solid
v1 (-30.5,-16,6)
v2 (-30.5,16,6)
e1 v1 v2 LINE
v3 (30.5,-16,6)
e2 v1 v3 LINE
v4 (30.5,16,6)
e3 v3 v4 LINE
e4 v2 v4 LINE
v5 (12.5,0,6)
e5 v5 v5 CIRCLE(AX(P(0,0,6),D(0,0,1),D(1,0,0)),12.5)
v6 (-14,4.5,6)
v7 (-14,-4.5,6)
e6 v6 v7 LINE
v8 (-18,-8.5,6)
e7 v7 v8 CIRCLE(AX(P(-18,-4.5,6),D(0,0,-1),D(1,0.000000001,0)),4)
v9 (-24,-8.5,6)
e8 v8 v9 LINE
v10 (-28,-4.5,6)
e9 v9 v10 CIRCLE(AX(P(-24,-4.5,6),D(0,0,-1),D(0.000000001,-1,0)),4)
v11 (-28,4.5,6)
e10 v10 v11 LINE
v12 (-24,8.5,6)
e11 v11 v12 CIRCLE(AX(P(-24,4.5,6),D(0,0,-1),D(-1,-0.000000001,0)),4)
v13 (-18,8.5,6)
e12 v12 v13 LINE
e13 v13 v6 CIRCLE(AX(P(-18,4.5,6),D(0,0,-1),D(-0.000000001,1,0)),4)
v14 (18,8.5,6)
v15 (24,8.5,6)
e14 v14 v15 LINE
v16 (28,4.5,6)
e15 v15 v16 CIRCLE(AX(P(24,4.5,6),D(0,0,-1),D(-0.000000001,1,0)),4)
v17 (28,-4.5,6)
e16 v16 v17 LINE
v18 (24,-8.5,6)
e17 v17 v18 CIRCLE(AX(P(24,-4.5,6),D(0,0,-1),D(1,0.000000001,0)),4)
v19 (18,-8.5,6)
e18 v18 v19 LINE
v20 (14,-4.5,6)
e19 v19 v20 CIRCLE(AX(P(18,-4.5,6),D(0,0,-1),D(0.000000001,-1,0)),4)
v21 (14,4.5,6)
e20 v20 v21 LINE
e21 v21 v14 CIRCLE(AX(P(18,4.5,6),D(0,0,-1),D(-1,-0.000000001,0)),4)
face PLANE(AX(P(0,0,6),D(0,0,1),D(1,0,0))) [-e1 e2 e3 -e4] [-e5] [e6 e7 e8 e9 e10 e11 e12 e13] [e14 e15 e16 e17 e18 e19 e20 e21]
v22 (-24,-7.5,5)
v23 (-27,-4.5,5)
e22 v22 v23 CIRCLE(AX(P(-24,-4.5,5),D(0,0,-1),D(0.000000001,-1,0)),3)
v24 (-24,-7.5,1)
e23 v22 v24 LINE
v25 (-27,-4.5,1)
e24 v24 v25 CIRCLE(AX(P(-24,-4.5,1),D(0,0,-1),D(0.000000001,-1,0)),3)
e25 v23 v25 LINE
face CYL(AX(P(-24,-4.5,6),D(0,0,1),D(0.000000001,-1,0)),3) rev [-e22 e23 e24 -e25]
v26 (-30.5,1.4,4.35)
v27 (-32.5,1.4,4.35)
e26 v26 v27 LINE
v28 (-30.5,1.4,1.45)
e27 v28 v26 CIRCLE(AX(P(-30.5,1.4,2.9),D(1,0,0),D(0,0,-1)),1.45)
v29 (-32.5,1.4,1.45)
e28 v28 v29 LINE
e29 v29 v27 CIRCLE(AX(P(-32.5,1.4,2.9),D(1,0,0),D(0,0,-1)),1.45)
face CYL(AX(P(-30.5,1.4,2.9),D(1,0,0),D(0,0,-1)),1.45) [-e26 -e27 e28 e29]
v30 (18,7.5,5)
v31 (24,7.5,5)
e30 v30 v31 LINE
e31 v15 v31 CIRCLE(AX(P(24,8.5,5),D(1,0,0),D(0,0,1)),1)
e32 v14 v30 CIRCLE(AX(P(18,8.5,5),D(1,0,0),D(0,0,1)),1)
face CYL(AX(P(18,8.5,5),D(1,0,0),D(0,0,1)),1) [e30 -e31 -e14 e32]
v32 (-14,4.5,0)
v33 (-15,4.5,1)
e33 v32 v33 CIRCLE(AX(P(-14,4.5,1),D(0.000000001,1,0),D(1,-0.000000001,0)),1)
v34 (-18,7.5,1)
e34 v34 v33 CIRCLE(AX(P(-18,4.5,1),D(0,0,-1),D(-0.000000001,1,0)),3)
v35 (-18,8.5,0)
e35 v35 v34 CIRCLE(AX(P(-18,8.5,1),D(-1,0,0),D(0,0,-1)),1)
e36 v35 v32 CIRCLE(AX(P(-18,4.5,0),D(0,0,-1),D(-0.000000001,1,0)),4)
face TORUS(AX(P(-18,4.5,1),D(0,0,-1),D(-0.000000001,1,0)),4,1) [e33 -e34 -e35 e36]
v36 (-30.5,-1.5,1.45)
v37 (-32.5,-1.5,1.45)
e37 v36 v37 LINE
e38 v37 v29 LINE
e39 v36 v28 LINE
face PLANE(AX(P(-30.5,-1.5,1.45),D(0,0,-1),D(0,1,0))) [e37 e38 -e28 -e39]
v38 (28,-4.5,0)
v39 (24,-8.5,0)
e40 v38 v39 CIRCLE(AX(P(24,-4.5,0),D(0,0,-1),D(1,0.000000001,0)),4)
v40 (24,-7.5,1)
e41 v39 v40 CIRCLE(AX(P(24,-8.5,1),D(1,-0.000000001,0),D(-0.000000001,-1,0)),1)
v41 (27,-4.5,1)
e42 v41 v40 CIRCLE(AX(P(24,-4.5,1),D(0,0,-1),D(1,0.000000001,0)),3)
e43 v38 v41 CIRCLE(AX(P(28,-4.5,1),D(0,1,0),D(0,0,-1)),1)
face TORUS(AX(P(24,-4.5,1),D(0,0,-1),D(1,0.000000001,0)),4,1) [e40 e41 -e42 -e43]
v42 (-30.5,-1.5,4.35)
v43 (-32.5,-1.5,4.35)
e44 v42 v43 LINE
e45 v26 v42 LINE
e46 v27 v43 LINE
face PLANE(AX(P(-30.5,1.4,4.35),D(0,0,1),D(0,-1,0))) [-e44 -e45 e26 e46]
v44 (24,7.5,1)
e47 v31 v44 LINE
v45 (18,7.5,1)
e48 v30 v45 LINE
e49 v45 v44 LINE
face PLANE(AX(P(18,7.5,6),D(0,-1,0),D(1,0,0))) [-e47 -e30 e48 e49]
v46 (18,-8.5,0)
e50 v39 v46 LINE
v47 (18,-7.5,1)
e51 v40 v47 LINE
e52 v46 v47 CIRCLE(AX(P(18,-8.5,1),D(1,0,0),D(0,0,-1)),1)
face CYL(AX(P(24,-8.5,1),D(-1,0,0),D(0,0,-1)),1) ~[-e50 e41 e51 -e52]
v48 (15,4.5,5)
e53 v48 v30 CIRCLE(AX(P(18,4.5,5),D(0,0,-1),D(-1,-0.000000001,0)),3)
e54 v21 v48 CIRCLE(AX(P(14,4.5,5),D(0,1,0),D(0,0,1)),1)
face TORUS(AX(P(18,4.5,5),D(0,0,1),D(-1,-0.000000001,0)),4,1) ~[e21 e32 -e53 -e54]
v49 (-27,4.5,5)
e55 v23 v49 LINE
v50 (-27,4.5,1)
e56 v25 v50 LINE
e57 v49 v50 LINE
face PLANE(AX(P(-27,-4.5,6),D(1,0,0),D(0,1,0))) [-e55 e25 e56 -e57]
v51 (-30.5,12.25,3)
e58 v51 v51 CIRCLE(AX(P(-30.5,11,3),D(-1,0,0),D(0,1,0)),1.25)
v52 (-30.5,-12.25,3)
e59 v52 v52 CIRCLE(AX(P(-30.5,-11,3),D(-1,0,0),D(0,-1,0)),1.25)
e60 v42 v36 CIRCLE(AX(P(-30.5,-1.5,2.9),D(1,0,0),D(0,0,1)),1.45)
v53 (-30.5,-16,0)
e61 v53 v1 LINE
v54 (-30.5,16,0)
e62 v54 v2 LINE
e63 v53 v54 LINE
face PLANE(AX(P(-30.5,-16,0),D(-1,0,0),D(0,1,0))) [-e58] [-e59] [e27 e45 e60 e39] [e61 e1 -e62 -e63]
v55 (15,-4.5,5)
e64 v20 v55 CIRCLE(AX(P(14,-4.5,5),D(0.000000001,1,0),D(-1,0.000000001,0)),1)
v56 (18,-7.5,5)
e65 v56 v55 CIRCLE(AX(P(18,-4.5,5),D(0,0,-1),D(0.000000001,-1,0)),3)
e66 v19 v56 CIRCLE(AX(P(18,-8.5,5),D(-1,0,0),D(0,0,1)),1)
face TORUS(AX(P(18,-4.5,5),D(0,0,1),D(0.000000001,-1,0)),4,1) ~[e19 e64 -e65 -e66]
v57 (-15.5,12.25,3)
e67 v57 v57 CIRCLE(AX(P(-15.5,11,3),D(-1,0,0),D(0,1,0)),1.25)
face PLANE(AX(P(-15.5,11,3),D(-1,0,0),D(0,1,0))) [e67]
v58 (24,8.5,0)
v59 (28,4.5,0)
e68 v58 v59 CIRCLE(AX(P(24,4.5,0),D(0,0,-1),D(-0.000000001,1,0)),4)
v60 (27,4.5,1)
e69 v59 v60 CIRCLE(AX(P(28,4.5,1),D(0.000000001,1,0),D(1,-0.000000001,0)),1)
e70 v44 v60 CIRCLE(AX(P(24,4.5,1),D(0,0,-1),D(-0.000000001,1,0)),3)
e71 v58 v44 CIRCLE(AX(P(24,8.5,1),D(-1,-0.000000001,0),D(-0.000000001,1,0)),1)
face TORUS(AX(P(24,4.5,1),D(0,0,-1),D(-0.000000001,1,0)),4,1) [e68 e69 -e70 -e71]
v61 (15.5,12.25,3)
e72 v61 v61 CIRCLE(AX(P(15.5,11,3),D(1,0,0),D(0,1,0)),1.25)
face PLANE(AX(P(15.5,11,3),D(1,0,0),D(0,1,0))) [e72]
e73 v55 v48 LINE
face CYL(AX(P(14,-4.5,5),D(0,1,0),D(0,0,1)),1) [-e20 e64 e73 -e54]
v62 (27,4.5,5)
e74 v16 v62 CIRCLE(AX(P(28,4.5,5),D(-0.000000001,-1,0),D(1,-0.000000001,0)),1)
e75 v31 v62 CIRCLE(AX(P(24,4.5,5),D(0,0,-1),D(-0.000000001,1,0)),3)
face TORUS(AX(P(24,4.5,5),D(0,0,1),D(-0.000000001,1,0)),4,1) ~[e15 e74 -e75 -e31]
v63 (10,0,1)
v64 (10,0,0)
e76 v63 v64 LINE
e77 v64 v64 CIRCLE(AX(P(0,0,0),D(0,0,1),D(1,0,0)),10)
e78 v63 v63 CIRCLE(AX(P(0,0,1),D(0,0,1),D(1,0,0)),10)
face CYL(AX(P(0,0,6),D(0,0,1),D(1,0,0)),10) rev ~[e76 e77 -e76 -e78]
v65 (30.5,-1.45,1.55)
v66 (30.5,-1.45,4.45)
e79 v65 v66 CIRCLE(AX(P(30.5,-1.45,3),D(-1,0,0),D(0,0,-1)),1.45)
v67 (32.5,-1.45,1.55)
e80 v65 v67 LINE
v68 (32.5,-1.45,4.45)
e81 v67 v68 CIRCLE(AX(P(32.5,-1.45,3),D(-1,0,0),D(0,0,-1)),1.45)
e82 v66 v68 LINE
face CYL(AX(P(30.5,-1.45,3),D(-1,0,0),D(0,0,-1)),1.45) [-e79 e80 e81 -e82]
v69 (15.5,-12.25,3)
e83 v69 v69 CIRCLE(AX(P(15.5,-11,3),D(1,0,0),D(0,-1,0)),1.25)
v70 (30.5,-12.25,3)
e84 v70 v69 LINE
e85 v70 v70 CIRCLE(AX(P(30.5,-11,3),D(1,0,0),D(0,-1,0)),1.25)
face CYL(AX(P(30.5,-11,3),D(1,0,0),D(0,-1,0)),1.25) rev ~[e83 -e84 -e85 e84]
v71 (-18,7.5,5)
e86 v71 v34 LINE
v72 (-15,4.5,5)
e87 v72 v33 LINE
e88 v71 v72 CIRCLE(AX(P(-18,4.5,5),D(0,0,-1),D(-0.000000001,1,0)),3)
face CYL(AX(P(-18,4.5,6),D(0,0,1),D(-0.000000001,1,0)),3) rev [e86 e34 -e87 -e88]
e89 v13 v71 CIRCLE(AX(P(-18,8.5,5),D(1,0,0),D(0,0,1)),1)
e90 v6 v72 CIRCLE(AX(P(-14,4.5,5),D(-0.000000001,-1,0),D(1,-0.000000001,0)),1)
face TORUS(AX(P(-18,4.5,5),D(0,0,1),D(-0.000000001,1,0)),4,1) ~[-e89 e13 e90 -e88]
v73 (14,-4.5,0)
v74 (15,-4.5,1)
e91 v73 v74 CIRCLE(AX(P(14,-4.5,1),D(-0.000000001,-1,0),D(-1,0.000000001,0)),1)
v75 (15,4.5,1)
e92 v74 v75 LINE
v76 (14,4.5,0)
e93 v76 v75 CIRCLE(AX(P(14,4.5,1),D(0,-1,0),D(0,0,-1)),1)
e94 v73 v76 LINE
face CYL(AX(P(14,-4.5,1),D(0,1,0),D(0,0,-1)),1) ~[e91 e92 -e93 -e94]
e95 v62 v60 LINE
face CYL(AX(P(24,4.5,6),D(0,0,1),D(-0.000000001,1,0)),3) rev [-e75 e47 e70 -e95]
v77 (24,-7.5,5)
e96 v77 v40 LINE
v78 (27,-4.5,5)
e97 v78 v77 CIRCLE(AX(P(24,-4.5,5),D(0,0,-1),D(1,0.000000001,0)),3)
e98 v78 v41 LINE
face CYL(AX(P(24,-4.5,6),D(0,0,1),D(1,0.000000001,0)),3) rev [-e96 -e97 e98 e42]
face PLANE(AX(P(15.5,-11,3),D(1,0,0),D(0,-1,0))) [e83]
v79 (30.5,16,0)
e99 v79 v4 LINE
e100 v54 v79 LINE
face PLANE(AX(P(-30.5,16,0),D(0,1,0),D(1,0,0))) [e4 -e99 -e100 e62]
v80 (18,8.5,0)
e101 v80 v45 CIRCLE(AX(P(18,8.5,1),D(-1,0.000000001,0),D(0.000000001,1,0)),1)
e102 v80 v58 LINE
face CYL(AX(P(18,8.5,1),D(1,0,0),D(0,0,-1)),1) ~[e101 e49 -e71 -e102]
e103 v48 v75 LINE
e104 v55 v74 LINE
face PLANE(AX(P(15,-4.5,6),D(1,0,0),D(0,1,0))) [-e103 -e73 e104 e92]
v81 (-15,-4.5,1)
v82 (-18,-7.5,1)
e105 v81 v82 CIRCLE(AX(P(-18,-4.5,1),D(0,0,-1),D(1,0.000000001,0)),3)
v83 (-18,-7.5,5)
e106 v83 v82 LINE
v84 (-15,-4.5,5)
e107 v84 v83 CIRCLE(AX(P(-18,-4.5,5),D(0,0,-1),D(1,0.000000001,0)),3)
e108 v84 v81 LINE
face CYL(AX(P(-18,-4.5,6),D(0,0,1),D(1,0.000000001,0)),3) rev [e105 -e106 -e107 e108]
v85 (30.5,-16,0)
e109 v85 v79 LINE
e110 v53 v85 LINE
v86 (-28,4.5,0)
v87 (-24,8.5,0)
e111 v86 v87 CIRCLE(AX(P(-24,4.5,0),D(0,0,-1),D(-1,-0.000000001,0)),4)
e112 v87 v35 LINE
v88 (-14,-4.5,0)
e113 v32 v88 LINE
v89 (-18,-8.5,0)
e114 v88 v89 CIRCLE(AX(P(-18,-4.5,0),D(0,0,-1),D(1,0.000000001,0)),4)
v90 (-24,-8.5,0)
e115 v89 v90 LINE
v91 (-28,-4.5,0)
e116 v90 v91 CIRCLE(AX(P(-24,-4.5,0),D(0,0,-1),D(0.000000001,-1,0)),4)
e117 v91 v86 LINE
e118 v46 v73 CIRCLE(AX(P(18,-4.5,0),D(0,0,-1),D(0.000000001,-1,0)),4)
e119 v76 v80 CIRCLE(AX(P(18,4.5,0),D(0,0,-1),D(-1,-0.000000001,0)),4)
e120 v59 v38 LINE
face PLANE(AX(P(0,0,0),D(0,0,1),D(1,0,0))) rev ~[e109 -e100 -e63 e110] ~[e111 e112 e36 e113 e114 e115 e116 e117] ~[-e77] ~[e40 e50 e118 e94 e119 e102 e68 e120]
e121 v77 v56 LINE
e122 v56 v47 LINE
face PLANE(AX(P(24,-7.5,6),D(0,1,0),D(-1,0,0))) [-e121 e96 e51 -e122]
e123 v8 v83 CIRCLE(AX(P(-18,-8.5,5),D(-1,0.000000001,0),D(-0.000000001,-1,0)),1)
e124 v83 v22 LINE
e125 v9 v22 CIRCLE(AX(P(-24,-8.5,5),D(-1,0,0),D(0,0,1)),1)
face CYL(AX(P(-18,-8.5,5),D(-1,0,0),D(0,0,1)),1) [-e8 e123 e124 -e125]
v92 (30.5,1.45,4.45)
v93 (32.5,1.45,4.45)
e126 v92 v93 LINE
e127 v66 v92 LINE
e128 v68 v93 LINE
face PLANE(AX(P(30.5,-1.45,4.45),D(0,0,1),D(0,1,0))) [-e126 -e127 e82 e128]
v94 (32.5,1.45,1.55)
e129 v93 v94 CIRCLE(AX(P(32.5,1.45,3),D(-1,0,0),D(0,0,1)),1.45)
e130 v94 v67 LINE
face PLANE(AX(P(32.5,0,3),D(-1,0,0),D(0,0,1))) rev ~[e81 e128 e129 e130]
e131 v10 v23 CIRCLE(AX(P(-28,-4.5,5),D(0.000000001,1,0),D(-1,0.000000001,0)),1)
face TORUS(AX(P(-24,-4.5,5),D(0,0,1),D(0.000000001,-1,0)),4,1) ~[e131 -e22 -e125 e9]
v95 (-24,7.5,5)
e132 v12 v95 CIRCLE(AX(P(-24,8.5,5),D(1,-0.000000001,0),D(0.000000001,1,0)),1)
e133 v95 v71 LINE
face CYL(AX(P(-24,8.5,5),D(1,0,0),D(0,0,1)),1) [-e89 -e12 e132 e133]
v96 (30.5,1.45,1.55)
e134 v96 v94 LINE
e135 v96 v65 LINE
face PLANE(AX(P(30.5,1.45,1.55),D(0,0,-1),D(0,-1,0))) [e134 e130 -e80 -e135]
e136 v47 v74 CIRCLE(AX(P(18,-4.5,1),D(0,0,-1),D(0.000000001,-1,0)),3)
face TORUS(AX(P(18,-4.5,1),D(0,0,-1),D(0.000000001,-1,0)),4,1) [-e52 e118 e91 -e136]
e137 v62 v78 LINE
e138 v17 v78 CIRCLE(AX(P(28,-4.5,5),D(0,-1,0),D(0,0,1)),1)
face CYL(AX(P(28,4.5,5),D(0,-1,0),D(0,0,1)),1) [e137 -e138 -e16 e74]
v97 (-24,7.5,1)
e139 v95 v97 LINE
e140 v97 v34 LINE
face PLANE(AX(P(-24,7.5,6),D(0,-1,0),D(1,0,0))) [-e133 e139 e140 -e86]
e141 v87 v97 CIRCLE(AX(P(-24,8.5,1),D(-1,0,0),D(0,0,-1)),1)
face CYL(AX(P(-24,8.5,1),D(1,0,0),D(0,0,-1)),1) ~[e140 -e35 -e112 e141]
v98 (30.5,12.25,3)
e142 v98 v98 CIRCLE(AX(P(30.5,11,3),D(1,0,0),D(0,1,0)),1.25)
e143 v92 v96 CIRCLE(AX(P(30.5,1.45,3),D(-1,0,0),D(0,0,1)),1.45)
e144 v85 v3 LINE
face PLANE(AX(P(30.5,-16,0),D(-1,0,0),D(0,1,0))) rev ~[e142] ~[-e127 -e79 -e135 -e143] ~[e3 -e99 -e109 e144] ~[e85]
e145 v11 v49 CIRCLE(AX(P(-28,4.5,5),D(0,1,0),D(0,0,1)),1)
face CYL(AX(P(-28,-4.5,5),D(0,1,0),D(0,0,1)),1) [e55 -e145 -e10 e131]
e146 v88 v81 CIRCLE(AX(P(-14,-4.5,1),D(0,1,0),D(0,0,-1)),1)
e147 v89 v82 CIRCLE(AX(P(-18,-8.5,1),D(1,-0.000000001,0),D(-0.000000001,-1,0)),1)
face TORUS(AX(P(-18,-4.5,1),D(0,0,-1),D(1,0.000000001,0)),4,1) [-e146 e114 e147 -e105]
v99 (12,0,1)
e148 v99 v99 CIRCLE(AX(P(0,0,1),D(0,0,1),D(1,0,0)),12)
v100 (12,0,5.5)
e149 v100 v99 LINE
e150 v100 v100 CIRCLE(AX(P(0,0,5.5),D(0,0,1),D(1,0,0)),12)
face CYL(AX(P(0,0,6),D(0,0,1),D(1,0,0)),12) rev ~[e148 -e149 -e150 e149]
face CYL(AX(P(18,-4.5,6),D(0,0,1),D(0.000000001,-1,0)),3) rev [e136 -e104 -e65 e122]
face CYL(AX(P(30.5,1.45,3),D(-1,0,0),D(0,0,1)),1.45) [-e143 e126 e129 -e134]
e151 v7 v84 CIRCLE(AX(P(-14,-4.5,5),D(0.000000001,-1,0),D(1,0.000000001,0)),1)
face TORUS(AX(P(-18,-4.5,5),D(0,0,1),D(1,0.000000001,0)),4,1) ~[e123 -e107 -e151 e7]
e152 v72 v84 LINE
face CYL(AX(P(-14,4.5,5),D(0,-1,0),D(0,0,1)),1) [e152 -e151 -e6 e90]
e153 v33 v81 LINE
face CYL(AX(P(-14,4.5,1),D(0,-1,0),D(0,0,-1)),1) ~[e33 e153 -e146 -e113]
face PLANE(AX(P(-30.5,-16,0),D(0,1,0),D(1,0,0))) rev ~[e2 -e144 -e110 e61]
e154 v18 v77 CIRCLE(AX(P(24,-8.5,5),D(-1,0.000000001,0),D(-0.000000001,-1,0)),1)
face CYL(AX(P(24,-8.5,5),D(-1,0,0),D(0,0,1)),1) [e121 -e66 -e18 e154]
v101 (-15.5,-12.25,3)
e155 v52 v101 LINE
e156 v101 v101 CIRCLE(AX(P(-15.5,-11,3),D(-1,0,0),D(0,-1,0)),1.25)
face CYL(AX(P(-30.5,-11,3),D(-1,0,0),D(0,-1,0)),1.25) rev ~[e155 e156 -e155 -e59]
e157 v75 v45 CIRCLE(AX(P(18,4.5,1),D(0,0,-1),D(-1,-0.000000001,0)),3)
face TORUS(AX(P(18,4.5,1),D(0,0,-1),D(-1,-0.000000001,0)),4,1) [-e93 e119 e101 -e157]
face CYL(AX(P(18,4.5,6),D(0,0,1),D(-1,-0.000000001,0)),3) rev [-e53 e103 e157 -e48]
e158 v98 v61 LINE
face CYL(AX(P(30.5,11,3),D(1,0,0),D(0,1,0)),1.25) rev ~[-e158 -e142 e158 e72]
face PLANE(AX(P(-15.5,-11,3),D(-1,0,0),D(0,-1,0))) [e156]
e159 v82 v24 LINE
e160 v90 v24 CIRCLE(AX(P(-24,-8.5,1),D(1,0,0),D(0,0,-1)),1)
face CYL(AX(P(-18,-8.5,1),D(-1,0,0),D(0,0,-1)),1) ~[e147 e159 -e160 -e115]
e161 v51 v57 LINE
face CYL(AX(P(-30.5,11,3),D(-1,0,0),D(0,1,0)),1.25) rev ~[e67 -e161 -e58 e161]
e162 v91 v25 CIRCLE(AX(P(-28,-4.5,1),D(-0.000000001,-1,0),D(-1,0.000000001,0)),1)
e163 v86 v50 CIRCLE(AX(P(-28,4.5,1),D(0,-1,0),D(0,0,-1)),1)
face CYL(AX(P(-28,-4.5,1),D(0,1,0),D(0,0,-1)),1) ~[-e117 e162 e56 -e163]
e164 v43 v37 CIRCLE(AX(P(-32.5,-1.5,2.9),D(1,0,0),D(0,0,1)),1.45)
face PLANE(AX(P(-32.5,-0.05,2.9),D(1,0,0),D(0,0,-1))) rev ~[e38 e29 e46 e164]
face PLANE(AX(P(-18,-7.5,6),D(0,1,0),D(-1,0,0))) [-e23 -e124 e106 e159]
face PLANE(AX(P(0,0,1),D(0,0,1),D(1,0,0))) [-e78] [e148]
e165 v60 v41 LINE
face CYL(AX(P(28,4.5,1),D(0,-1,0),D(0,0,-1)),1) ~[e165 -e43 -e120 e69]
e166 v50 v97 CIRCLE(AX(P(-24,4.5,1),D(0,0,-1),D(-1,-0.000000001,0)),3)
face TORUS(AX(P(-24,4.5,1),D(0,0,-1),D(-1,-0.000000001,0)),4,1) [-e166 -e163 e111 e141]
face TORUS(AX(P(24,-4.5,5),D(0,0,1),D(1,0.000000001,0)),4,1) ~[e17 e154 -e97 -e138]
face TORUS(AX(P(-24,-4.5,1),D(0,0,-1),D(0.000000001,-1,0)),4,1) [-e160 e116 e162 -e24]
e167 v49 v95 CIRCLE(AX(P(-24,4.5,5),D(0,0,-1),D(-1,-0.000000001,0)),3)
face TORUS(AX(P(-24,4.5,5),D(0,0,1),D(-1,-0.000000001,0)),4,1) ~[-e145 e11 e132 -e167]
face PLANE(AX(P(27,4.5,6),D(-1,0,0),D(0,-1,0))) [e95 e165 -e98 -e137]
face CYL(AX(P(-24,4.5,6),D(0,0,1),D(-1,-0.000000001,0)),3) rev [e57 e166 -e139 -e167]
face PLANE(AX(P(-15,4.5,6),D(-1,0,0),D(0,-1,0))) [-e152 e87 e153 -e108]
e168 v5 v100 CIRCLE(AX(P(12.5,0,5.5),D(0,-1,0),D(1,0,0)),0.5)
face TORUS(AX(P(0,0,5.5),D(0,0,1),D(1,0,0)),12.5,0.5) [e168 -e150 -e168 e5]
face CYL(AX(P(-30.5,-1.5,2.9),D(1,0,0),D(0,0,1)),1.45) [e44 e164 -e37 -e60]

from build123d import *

# Parameters (mm, degrees)
SKETCH_1_W           = 61
SKETCH_1_H           = 32
EXTRUDE_1_DEPTH      = 6
SKETCH_2_R           = 10
CUT_EXTRUDE_13_DEPTH = 6
SKETCH_4_R           = 12
CUT_EXTRUDE_14_DEPTH = 5
CUT_EXTRUDE_16_DEPTH = 6
EXTRUDE_12_DEPTH     = 2
EXTRUDE_13_DEPTH     = 2
SKETCH_10_R          = 1.25
CUT_EXTRUDE_18_DEPTH = 15
SKETCH_11_R          = 1.25
CUT_EXTRUDE_19_DEPTH = 15
FILLET_1_R           = 1
FILLET_2_R           = 0.5


with BuildPart() as part:
    # Эскиз1 → Бобышка-Вытянуть1 (new body)
    with BuildSketch(Plane.XY):
        Rectangle(SKETCH_1_W, SKETCH_1_H)
    extrude(amount=EXTRUDE_1_DEPTH)

    # Эскиз2 → Вырез-Вытянуть13 (cut)
    with BuildSketch(Plane.XY.offset(6)):
        Circle(SKETCH_2_R)
    extrude(amount=-CUT_EXTRUDE_13_DEPTH, mode=Mode.SUBTRACT)

    # Эскиз4 → Вырез-Вытянуть14 (cut)
    with BuildSketch(Plane.XY.offset(6)):
        Circle(SKETCH_4_R)
    extrude(amount=-CUT_EXTRUDE_14_DEPTH, mode=Mode.SUBTRACT)

    # Эскиз5 → Вырез-Вытянуть16 (cut)
    with BuildSketch(Plane.XY.offset(6)):
        with BuildLine():
            Line((-18, -7.5), (-24, -7.5))
            ThreePointArc((-24, -7.5), (-26.121320344, -6.621320344), (-27, -4.5))
            Line((-27, -4.5), (-27, 4.5))
            ThreePointArc((-27, 4.5), (-26.121320344, 6.621320344), (-24, 7.5))
            Line((-24, 7.5), (-18, 7.5))
            ThreePointArc((-18, 7.5), (-15.878679656, 6.621320344), (-15, 4.5))
            Line((-15, 4.5), (-15, -4.5))
            ThreePointArc((-15, -4.5), (-15.878679656, -6.621320344), (-18, -7.5))
        make_face()
        with BuildLine():
            Line((18, 7.5), (24, 7.5))
            ThreePointArc((24, 7.5), (26.121320344, 6.621320344), (27, 4.5))
            Line((27, 4.5), (27, -4.5))
            ThreePointArc((27, -4.5), (26.121320344, -6.621320344), (24, -7.5))
            Line((24, -7.5), (18, -7.5))
            ThreePointArc((18, -7.5), (15.878679656, -6.621320344), (15, -4.5))
            Line((15, -4.5), (15, 4.5))
            ThreePointArc((15, 4.5), (15.878679656, 6.621320344), (18, 7.5))
        make_face()
    extrude(amount=-CUT_EXTRUDE_16_DEPTH, mode=Mode.SUBTRACT)

    # Эскиз8 → Бобышка-Вытянуть12 (add)
    with BuildSketch(Plane.ZY.offset(30.5)):
        with BuildLine():
            Line((1.45, -1.5), (1.45, 1.4))
            ThreePointArc((1.45, 1.4), (2.9, 2.85), (4.35, 1.4))
            Line((4.35, 1.4), (4.35, -1.5))
            ThreePointArc((4.35, -1.5), (2.9, -2.95), (1.45, -1.5))
        make_face()
    extrude(amount=EXTRUDE_12_DEPTH)

    # Эскиз9 → Бобышка-Вытянуть13 (add)
    with BuildSketch(Plane(origin=(30.5, 0, 0), x_dir=(0, 0, -1), z_dir=(1, 0, 0))):
        with BuildLine():
            Line((-1.55, 1.45), (-1.55, -1.45))
            ThreePointArc((-1.55, -1.45), (-3, -2.9), (-4.45, -1.45))
            Line((-4.45, -1.45), (-4.45, 1.45))
            ThreePointArc((-4.45, 1.45), (-3, 2.9), (-1.55, 1.45))
        make_face()
    extrude(amount=EXTRUDE_13_DEPTH)

    # Эскиз10 → Вырез-Вытянуть18 (cut)
    with BuildSketch(Plane.ZY.offset(30.5)):
        with Locations(Location((3, 11, 0), (0, 0, 90))):  # turned: the seam where the file's is
            Circle(SKETCH_10_R)
        with Locations(Location((3, -11, 0), (0, 0, 270))):  # turned: the seam where the file's is
            Circle(SKETCH_10_R)
    extrude(amount=-CUT_EXTRUDE_18_DEPTH, mode=Mode.SUBTRACT)

    # Эскиз11 → Вырез-Вытянуть19 (cut)
    with BuildSketch(Plane(origin=(30.5, 0, 0), x_dir=(0, 0, -1), z_dir=(1, 0, 0))):
        with Locations(Location((-3, 11, 0), (0, 0, 90))):  # turned: the seam where the file's is
            Circle(SKETCH_11_R)
        with Locations(Location((-3, -11, 0), (0, 0, 270))):  # turned: the seam where the file's is
            Circle(SKETCH_11_R)
    extrude(amount=-CUT_EXTRUDE_19_DEPTH, mode=Mode.SUBTRACT)

    # Скругление1
    fillet_1_edges = [part.edges().sort_by_distance(p)[0] for p in [
        (21, 7.5, 6),
        (26.121320344, 6.621320344, 0),
        (27, 0, 6),
        (26.121320344, -6.621320344, 6),
        (21, -7.5, 0),
        (15.878679656, -6.621320344, 6),
        (15, 0, 0),
        (15.878679656, 6.621320344, 0),
        (21, 7.5, 0),
        (27, 0, 0),
        (26.121320344, -6.621320344, 0),
        (15.878679656, -6.621320344, 0),
        (15.878679656, 6.621320344, 6),
        (15, 0, 6),
        (21, -7.5, 6),
        (26.121320344, 6.621320344, 6),
        (-21, 7.5, 0),
        (-15.878679656, 6.621320344, 0),
        (-15, 0, 0),
        (-15.878679656, -6.621320344, 6),
        (-21, -7.5, 6),
        (-26.121320344, -6.621320344, 0),
        (-27, 0, 6),
        (-26.121320344, 6.621320344, 0),
        (-15.878679656, -6.621320344, 0),
        (-21, -7.5, 0),
        (-27, 0, 0),
        (-21, 7.5, 6),
        (-26.121320344, 6.621320344, 6),
        (-26.121320344, -6.621320344, 6),
        (-15, 0, 6),
        (-15.878679656, 6.621320344, 6),
    ]]
    fillet(fillet_1_edges, radius=FILLET_1_R)

    # Скругление2
    fillet_2_edges = [part.edges().sort_by_distance(p)[0] for p in [
        (-12, 0, 6),
    ]]
    fillet(fillet_2_edges, radius=FILLET_2_R)


solid = part.part
